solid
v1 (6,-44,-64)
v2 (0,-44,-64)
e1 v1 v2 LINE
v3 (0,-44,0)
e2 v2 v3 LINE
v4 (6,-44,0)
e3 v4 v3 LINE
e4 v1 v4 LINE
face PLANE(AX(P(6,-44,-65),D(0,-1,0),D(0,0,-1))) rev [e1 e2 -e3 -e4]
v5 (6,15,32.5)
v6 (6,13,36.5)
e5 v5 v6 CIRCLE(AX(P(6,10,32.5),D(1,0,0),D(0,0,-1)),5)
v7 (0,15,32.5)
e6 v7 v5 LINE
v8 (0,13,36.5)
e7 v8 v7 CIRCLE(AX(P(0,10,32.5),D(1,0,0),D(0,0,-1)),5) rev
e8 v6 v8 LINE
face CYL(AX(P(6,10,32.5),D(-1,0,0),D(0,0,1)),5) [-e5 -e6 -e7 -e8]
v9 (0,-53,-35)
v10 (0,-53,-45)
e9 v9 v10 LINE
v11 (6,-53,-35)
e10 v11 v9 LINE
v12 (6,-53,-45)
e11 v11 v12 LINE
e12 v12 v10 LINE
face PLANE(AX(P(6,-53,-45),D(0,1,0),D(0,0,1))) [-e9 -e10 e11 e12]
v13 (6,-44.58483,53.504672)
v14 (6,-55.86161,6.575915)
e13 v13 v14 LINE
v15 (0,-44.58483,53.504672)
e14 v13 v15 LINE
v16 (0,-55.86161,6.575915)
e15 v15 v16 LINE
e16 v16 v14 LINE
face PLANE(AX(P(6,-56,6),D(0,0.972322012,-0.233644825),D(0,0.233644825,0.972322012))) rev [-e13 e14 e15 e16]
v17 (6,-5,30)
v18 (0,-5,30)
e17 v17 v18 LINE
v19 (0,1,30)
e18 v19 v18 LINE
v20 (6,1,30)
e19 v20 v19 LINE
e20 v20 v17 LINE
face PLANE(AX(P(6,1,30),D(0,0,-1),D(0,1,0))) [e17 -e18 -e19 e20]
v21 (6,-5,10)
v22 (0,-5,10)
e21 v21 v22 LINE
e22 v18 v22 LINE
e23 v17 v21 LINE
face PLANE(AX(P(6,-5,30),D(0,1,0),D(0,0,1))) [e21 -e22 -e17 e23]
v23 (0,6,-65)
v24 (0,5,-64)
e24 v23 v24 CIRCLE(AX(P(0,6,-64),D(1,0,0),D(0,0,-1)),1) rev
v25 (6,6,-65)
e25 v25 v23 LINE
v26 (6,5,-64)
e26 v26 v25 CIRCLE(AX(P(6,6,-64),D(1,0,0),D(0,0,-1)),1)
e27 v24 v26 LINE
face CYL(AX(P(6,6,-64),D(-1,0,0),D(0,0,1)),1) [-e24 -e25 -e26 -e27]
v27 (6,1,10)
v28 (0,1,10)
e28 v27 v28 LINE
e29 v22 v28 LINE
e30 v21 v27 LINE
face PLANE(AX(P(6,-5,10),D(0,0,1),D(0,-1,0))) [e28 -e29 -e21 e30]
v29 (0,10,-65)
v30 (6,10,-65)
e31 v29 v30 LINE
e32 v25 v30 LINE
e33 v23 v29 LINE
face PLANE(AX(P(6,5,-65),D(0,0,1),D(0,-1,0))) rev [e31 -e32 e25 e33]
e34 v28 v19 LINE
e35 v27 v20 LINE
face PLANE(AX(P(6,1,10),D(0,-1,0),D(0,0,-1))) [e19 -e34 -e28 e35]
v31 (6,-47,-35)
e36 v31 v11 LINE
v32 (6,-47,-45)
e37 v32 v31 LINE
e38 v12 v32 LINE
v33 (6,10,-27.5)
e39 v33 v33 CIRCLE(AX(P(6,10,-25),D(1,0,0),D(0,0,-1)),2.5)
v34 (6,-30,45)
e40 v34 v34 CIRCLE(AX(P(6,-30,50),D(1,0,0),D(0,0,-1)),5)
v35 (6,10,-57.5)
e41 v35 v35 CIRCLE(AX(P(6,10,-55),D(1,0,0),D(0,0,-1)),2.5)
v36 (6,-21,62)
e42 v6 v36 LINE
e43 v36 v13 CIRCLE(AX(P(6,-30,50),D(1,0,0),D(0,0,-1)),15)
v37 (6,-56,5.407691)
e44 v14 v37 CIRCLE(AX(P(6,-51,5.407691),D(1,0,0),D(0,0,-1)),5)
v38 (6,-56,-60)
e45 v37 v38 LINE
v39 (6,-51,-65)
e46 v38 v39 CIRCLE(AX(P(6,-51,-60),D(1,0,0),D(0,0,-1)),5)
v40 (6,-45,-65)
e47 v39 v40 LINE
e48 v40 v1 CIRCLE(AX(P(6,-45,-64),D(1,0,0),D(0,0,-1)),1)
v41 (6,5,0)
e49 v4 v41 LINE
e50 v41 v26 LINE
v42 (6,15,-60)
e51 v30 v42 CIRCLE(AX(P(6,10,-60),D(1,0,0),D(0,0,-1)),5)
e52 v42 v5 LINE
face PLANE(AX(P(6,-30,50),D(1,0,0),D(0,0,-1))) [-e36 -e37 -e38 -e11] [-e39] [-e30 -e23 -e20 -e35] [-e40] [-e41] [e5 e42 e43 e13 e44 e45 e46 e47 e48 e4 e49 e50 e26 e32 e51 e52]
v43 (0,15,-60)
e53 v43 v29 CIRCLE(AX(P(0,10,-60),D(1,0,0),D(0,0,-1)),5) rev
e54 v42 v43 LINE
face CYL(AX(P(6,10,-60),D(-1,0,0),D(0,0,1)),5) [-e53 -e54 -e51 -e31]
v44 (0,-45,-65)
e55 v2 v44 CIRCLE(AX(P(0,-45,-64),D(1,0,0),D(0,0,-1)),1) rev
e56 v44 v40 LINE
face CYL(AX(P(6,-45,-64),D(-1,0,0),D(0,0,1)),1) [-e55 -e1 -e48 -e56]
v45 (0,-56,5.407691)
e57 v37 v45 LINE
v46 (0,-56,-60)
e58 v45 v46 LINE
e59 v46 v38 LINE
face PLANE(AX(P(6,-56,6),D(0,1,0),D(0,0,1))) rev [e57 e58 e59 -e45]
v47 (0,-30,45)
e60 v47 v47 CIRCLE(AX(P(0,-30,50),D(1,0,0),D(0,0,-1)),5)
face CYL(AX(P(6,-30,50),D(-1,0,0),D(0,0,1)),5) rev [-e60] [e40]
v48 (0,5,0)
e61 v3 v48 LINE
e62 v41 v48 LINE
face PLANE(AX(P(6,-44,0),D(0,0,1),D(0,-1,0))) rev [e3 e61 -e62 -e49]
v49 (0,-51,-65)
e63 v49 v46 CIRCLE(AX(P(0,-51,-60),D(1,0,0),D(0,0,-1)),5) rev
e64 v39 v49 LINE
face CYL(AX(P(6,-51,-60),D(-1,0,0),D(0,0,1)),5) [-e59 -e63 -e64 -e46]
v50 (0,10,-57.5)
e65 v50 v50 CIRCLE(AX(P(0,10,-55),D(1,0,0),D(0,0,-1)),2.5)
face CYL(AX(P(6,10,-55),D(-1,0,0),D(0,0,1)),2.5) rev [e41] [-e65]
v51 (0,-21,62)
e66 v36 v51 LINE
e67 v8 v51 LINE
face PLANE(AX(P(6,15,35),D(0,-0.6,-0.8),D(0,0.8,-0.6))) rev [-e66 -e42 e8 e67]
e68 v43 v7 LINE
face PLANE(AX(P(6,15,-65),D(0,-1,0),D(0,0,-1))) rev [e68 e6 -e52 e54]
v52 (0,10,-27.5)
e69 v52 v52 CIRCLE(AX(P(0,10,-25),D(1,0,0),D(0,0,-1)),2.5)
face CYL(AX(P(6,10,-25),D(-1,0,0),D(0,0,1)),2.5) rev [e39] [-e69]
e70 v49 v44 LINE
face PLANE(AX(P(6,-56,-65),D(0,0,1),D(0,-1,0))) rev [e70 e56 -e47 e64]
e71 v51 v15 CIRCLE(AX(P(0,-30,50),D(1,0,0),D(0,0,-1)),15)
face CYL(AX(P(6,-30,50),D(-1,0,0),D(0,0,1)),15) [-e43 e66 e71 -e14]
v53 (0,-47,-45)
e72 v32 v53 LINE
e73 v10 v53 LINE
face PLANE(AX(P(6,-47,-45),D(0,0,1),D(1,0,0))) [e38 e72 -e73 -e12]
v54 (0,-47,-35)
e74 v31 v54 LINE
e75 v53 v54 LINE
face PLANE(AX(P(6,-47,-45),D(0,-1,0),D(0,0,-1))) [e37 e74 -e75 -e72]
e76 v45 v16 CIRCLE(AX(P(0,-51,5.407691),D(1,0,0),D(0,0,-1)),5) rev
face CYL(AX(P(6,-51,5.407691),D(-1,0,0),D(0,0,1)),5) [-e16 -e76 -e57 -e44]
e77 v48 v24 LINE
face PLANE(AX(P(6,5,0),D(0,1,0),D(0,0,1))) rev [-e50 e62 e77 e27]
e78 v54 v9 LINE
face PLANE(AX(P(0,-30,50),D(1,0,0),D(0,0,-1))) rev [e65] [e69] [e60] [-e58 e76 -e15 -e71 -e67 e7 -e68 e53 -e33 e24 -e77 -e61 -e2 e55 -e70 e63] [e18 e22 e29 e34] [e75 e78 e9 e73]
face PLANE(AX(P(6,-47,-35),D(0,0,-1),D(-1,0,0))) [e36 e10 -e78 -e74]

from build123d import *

# Parameters (mm, degrees)
SKETCH1_R           = 5
SKETCH1_R_2         = 2.5
SKETCH1_W           = 10
SKETCH1_H           = 6
SKETCH1_W_2         = 20
BOSS_EXTRUDE1_DEPTH = 6
FILLET1_R           = 5
FILLET2_R           = 1


with BuildPart() as part:
    # Sketch1 → Boss-Extrude1 (new body)
    with BuildSketch(Plane(origin=(0, 0, 0), x_dir=(0, 0, -1), z_dir=(1, 0, 0))):
        with BuildLine():
            Line((0, 5), (65, 5))
            Line((65, 5), (65, 15))
            Line((65, 15), (-35, 15))
            Line((-35, 15), (-62, -21))
            ThreePointArc((-62, -21), (-64.112397745, -35.083328622), (-53.504672381, -44.584830184))
            Line((-53.504672381, -44.584830184), (-6, -56))
            Line((-6, -56), (65, -56))
            Line((65, -56), (65, -44))
            Line((65, -44), (0, -44))
            Line((0, -44), (0, 5))
        make_face()
        with Locations((-50, -30)):
            Circle(SKETCH1_R, mode=Mode.SUBTRACT)
        with Locations((55, 10)):
            Circle(SKETCH1_R_2, mode=Mode.SUBTRACT)
        with Locations((25, 10)):
            Circle(SKETCH1_R_2, mode=Mode.SUBTRACT)
        with Locations((40, -50)):
            Rectangle(SKETCH1_W, SKETCH1_H, mode=Mode.SUBTRACT)
        with Locations((-20, -2)):
            Rectangle(SKETCH1_W_2, SKETCH1_H, mode=Mode.SUBTRACT)
    extrude(amount=BOSS_EXTRUDE1_DEPTH)

    # Fillet1
    fillet1_edges = [part.edges().sort_by_distance(p)[0] for p in [
        (3, -56, -65),
        (3, -56, 6),
        (3, 15, 35),
        (3, 15, -65),
    ]]
    fillet(fillet1_edges, radius=FILLET1_R)

    # Fillet2
    fillet2_edges = [part.edges().sort_by_distance(p)[0] for p in [
        (3, 5, -65),
        (3, -44, -65),
    ]]
    fillet(fillet2_edges, radius=FILLET2_R)


solid = part.part
